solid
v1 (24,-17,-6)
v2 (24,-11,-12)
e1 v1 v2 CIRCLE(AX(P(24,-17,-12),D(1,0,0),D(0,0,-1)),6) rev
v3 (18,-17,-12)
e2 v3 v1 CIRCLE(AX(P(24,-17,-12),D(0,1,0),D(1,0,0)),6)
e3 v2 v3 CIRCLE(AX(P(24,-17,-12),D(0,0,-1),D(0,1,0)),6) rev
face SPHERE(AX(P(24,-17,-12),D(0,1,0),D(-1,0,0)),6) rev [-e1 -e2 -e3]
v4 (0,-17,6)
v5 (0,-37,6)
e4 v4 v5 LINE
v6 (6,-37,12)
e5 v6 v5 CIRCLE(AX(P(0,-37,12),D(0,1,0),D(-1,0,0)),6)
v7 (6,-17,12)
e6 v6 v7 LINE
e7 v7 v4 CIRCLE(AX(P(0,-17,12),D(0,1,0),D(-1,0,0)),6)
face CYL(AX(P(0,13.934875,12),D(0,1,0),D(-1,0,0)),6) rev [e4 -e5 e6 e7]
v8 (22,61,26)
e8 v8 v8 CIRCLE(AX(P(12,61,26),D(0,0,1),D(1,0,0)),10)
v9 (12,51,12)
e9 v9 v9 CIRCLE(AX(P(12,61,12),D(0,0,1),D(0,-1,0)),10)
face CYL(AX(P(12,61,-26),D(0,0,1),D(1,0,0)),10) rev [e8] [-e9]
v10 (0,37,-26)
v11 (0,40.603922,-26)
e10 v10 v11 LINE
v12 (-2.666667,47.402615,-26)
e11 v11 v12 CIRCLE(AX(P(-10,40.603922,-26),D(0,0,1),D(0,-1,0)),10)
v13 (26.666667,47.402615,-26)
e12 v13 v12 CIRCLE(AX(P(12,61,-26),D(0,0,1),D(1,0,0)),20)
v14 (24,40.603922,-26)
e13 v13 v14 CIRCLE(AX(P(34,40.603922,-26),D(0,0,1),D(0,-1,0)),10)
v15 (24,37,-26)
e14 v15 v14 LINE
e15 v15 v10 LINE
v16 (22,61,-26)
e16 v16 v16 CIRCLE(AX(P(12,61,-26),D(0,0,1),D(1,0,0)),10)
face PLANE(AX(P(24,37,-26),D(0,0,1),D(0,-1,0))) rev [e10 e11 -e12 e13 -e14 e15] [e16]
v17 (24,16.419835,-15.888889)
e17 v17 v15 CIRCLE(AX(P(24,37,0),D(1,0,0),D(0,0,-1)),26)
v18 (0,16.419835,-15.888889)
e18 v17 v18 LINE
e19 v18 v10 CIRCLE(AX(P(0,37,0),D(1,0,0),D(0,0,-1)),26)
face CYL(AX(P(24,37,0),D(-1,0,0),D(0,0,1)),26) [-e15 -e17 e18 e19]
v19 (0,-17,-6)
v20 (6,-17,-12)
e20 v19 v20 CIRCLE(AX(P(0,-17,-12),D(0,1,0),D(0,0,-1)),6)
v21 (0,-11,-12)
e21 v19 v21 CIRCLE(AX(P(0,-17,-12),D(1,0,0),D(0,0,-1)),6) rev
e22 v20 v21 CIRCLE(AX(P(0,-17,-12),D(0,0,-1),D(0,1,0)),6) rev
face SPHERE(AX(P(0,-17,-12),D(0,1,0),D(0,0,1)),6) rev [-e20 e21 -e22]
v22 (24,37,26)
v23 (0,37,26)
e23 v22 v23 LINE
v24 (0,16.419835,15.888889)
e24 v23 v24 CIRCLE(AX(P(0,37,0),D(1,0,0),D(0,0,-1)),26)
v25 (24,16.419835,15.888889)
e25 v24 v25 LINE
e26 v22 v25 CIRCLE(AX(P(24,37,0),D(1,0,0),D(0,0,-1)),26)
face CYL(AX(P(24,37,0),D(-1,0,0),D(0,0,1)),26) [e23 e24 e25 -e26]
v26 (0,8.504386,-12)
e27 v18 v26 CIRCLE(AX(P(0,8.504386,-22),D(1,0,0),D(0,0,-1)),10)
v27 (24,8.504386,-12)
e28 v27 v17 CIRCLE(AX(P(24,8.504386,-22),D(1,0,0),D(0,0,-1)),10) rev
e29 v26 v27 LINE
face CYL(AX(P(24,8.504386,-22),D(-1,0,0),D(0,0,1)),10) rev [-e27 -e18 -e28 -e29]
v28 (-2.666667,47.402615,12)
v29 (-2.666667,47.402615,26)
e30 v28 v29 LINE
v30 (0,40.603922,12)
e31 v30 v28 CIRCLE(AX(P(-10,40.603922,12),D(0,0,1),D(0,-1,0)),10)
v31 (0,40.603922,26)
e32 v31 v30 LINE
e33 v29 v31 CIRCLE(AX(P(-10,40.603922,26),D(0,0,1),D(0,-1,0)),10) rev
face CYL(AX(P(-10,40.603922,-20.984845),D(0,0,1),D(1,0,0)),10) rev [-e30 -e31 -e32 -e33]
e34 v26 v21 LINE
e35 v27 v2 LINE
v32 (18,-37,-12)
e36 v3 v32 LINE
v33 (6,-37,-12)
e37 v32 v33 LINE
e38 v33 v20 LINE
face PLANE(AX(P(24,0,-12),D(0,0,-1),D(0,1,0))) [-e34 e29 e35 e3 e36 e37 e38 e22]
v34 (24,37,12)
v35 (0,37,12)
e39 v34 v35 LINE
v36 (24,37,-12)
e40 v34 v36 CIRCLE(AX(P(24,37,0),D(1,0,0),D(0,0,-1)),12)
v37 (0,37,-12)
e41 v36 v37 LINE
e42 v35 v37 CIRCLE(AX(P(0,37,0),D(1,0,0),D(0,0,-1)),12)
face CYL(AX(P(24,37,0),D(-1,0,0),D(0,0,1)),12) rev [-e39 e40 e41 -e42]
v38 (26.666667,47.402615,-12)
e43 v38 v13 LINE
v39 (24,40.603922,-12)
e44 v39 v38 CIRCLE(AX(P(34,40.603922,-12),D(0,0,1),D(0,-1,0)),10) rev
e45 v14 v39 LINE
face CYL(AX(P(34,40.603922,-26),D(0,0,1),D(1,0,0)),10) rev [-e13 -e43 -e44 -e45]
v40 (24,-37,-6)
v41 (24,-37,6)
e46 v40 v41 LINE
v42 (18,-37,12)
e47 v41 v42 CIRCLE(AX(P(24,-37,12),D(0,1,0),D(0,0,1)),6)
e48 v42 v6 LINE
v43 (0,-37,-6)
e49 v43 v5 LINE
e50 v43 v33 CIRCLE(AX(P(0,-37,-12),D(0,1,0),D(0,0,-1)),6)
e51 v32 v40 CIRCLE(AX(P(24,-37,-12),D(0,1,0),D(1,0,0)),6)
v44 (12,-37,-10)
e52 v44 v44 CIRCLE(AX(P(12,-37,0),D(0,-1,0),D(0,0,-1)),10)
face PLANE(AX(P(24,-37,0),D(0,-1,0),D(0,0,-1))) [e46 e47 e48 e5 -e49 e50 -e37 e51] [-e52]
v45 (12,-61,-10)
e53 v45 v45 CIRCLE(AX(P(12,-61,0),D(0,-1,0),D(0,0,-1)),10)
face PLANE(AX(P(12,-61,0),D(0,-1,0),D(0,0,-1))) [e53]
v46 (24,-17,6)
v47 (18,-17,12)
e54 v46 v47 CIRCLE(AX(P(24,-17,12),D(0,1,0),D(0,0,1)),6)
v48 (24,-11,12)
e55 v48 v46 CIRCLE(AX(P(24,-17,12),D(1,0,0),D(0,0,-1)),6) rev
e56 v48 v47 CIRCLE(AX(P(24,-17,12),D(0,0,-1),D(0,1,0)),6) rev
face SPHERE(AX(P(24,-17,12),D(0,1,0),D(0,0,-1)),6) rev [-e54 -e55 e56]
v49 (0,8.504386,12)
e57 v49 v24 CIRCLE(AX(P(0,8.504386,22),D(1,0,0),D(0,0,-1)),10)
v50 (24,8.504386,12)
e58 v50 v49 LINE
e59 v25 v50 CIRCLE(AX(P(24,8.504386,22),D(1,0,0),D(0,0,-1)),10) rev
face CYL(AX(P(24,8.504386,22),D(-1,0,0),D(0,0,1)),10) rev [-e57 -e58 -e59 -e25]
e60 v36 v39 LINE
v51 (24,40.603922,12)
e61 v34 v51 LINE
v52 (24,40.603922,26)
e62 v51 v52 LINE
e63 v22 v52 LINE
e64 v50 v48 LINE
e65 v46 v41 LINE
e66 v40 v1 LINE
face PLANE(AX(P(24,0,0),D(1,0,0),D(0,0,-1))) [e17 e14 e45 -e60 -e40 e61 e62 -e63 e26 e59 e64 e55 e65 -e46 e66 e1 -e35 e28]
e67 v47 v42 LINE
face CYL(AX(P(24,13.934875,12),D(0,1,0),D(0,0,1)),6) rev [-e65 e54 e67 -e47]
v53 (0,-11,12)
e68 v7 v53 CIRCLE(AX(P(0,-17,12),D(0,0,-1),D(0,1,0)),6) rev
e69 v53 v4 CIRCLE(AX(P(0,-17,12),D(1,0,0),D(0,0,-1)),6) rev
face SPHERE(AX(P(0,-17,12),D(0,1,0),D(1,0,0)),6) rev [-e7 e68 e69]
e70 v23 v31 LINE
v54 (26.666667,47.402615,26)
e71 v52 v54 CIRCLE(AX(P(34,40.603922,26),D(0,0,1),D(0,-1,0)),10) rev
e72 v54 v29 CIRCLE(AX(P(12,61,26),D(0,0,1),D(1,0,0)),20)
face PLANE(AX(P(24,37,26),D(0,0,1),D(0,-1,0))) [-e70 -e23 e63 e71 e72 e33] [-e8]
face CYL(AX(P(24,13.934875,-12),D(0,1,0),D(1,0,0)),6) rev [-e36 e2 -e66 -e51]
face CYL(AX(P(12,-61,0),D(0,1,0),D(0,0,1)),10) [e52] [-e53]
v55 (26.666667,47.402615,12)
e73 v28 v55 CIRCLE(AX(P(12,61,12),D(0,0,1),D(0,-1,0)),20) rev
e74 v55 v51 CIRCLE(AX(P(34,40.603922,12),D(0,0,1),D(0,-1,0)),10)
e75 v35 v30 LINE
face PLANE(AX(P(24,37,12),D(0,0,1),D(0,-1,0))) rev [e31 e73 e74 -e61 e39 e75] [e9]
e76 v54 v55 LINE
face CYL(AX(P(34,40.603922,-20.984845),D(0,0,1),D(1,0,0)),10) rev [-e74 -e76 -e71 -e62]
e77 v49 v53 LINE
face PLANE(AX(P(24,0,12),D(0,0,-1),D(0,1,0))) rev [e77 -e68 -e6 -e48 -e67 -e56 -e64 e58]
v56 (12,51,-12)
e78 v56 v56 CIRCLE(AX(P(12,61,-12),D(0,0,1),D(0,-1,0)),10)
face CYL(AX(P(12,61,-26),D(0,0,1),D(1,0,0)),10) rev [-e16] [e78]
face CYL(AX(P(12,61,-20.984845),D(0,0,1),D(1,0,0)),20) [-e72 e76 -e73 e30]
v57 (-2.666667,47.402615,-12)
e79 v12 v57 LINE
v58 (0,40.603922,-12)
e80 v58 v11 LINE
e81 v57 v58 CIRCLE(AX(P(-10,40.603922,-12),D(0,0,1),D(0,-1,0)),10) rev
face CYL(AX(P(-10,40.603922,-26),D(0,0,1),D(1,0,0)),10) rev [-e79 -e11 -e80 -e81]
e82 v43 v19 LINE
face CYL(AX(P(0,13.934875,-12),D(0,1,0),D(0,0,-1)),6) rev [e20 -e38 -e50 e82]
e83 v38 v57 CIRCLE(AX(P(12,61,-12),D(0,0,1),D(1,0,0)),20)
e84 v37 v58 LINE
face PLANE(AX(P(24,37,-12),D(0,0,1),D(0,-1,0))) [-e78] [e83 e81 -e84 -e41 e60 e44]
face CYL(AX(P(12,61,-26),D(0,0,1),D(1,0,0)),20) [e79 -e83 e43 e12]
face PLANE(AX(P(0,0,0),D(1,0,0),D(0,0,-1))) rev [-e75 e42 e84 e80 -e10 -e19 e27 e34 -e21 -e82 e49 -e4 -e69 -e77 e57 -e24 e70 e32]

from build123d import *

# Parameters (mm, degrees)
BOSS_EXTRUDE1_DEPTH = 24
SKETCH2_R           = 10
BOSS_EXTRUDE2_DEPTH = 24
CIRPATTERN1_COUNT   = 4
BOSS_EXTRUDE4_START = -38
BOSS_EXTRUDE4_DEPTH = 14
BOSS_EXTRUDE5_DEPTH = 14
CUT_EXTRUDE1_DEPTH  = 102.434708064
FILLET1_R           = 10
FILLET2_R           = 10


with BuildPart() as part:
    # Sketch1 → Boss-Extrude1 (new body)
    with BuildSketch(Plane.YZ):
        with BuildLine():
            Line((81, 12), (81, 26))
            Line((81, 26), (37, 26))
            ThreePointArc((37, 26), (23.509262437, 22.226110771), (13.934874811, 12))
            Line((13.934874811, 12), (-37, 12))
            Line((-37, 12), (-37, -12))
            Line((-37, -12), (13.934874811, -12))
            ThreePointArc((13.934874811, -12), (23.509262437, -22.226110771), (37, -26))
            Line((37, -26), (81, -26))
            Line((81, -26), (81, -12))
            Line((81, -12), (37, -12))
            ThreePointArc((37, -12), (25, 0), (37, 12))
            Line((37, 12), (81, 12))
        make_face()
    extrude(amount=BOSS_EXTRUDE1_DEPTH)

    # Sketch2 → Boss-Extrude2 (add)
    with BuildSketch(Plane.XZ.offset(37)):
        with Locations(Location((12, 0, 0), (0, 0, 270))):
            Circle(SKETCH2_R)
    extrude(amount=BOSS_EXTRUDE2_DEPTH)

    # Sketch3 → Cut-Revolve2 (revolve, cut)
    with BuildSketch(Plane.YZ.offset(24)):
        with BuildLine():
            Line((-37, 12), (-37, 6))
            Line((-37, 6), (-17, 6))
            ThreePointArc((-17, 6), (-12.757359313, 7.757359313), (-11, 12))
            Line((-11, 12), (-37, 12))
        make_face()
    cut_revolve2 = revolve(axis=Axis((24, 13.934874811, 12), (0, 1, 0)), mode=Mode.SUBTRACT)

    # CirPattern1: Cut-Revolve2 ×4 about axis
    cirpattern1_axis = Axis((12, 0, 0), (0, 1, 0))
    for i in range(1, CIRPATTERN1_COUNT):
        add(cut_revolve2.rotate(cirpattern1_axis, i * 360 / CIRPATTERN1_COUNT), mode=Mode.SUBTRACT)

    # Sketch4 → Boss-Extrude4 (add, through all)
    with BuildSketch(Plane.XY.offset(26).offset(BOSS_EXTRUDE4_START)):
        with BuildLine():
            Line((24, 61), (24, 45))
            ThreePointArc((24, 45), (29.88854382, 52.05572809), (32, 61))
            ThreePointArc((32, 61), (29.88854382, 69.94427191), (24, 77))
            Line((24, 77), (24, 61))
        make_face()
        with BuildLine():
            Line((0, 45), (0, 61))
            Line((0, 61), (0, 77))
            ThreePointArc((0, 77), (-8, 61), (0, 45))
        make_face()
    extrude(amount=-BOSS_EXTRUDE4_DEPTH)

    # Sketch4<3> → Boss-Extrude5 (add)
    with BuildSketch(Plane.XY.offset(26)):
        with BuildLine():
            Line((24, 61), (24, 45))
            ThreePointArc((24, 45), (29.88854382, 52.05572809), (32, 61))
            ThreePointArc((32, 61), (29.88854382, 69.94427191), (24, 77))
            Line((24, 77), (24, 61))
        make_face()
        with BuildLine():
            Line((0, 45), (0, 61))
            Line((0, 61), (0, 77))
            ThreePointArc((0, 77), (-8, 61), (0, 45))
        make_face()
    extrude(amount=-BOSS_EXTRUDE5_DEPTH)

    # Sketch4<4> → Cut-Extrude1 (cut, through all)
    with BuildSketch(Plane.XY.offset(26)):
        with BuildLine():
            Line((24, 81), (12, 81))
            ThreePointArc((12, 81), (18.32455532, 79.973665961), (24, 77))
            Line((24, 77), (24, 81))
        make_face()
        with BuildLine():
            Line((0, 81), (0, 77))
            ThreePointArc((0, 77), (5.67544468, 79.973665961), (12, 81))
            Line((12, 81), (0, 81))
        make_face()
        with BuildLine():
            ThreePointArc((22, 61), (12, 71), (2, 61))
            Line((2, 61), (12, 61))
            Line((12, 61), (22, 61))
        make_face()
        with BuildLine():
            Line((12, 61), (2, 61))
            ThreePointArc((2, 61), (12, 51), (22, 61))
            Line((22, 61), (12, 61))
        make_face()
    extrude(amount=-CUT_EXTRUDE1_DEPTH, mode=Mode.SUBTRACT)

    # Fillet1
    fillet1_edges = [part.edges().sort_by_distance(p)[0] for p in [
        (24, 45, -19),
        (0, 45, -19),
        (24, 45, 19),
        (0, 45, 19),
    ]]
    fillet(fillet1_edges, radius=FILLET1_R)

    # Fillet2
    fillet2_edges = [part.edges().sort_by_distance(p)[0] for p in [
        (12, 13.934874811, -12),
        (12, 13.934874811, 12),
    ]]
    fillet(fillet2_edges, radius=FILLET2_R)


solid = part.part
